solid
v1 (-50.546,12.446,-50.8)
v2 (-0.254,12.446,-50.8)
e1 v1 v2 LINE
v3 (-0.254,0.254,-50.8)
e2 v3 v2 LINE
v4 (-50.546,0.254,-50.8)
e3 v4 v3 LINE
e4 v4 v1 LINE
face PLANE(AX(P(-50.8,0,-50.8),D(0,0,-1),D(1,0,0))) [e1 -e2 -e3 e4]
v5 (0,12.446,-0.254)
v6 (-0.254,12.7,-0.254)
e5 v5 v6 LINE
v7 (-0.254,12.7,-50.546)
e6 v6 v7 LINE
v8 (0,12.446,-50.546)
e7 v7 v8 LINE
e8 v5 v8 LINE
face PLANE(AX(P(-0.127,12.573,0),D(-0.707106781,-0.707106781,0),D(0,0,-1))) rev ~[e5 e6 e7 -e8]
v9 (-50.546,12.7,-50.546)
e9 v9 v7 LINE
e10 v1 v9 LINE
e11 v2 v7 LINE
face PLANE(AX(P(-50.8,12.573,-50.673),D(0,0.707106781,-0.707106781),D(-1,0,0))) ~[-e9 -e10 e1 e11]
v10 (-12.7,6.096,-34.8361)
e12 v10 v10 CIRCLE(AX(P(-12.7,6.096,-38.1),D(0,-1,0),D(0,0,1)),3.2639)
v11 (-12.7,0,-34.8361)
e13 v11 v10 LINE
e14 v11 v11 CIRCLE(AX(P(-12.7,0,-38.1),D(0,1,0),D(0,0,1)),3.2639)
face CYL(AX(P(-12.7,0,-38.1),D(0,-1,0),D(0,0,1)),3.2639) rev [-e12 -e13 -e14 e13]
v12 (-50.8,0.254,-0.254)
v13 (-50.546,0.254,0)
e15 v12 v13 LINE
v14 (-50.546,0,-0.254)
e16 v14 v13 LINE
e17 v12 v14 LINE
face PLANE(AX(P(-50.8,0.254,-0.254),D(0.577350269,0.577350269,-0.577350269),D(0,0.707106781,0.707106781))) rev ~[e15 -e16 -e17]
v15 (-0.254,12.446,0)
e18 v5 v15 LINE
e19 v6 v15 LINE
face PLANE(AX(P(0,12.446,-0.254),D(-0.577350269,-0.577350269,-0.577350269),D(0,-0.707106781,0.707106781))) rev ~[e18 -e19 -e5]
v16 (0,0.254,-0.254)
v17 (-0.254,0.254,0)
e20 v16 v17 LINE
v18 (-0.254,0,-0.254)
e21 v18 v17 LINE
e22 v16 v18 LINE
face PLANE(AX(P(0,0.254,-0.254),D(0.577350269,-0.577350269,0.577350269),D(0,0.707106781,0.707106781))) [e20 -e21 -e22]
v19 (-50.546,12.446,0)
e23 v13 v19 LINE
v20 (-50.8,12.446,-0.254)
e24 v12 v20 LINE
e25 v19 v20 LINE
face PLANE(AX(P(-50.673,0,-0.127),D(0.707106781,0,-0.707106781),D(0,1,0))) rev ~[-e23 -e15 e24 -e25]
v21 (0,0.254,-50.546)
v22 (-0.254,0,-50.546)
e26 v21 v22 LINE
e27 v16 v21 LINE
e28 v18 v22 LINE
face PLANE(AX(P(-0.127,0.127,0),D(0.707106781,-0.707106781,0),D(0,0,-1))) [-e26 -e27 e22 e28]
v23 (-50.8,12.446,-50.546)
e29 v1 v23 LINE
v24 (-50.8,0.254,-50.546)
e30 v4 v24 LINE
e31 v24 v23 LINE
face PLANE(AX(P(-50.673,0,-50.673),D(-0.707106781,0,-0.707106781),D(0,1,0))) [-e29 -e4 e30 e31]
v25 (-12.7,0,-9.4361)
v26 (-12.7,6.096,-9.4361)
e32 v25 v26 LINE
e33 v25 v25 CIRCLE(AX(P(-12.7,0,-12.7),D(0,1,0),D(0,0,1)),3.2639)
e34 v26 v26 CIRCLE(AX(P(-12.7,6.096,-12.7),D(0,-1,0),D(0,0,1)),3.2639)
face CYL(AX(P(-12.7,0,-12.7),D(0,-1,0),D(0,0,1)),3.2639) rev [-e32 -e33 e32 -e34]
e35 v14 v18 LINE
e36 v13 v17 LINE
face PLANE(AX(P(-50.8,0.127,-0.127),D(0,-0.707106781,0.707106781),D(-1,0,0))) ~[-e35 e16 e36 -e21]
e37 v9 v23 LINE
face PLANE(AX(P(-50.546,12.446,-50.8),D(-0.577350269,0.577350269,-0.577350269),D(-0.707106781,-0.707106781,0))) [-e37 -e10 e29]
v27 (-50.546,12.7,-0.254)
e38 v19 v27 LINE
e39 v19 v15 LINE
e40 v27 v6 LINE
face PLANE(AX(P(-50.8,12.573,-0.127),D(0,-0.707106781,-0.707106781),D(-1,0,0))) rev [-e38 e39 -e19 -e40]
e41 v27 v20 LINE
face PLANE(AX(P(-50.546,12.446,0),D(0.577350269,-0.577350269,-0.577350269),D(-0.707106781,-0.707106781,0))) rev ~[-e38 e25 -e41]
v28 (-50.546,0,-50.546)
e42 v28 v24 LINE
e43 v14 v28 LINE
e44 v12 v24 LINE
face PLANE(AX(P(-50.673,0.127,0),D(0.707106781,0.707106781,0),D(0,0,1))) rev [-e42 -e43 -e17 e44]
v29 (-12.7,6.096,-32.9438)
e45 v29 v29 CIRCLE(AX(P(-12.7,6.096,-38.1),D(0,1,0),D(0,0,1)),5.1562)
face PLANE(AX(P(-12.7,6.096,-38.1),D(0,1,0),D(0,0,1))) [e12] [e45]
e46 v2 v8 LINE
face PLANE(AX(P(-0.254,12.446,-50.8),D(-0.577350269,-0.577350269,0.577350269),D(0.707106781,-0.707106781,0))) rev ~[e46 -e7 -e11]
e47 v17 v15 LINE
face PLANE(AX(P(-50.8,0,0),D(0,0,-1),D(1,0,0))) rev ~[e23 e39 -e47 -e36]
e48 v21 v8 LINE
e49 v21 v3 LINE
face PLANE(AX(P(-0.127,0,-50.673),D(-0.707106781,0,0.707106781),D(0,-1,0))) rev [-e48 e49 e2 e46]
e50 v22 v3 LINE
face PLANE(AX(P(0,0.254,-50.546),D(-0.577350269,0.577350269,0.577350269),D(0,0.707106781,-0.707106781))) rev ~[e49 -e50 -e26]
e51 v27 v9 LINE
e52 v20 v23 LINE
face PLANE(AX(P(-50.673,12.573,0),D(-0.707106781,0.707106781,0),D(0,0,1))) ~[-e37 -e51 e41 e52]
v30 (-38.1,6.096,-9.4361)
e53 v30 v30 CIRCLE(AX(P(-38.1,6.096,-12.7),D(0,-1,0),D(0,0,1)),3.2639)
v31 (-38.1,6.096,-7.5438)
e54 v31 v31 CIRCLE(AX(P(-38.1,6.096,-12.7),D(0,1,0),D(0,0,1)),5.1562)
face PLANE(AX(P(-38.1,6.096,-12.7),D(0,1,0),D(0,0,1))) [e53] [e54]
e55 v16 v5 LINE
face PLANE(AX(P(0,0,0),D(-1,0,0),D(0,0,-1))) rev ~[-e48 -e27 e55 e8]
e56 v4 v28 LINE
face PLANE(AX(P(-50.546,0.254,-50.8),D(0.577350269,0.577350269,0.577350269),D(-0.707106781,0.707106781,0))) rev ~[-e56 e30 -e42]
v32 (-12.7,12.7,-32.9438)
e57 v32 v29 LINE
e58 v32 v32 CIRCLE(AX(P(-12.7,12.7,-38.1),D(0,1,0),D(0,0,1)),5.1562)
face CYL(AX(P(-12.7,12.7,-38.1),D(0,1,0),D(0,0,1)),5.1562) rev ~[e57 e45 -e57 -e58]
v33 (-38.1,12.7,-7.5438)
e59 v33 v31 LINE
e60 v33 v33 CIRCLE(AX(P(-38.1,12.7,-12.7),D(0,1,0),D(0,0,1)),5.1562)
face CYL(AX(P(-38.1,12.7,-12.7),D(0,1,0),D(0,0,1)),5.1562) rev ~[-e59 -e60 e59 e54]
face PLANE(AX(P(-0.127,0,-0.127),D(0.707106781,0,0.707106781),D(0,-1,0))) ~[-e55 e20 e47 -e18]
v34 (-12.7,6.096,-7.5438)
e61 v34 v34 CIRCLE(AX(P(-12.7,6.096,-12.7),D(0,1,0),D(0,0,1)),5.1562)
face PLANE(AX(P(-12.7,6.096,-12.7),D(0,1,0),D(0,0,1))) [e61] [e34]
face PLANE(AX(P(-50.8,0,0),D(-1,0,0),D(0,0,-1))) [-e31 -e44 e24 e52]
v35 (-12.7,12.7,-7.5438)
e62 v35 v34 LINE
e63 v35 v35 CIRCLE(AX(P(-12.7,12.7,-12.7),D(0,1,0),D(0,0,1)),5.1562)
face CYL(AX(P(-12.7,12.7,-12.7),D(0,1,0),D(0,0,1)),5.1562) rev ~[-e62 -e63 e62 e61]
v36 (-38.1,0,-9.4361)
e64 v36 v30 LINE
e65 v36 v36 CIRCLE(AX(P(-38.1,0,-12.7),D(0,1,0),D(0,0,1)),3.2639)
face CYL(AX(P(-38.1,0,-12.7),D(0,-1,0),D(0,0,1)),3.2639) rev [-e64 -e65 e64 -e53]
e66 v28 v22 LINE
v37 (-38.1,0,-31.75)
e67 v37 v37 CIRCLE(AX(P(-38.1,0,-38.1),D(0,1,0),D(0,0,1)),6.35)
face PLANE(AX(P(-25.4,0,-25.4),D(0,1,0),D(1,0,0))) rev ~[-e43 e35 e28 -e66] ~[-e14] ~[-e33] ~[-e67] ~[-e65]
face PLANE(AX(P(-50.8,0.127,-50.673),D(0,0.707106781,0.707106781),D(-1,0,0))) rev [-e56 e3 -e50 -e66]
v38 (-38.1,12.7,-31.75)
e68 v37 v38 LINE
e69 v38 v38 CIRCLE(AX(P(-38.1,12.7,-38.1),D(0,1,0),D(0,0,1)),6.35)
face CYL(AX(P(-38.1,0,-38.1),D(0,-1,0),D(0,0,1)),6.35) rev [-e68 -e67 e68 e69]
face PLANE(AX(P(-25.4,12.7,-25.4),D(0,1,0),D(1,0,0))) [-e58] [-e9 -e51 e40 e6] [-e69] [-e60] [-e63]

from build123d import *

# Parameters (mm, degrees)
SKETCH1_W          = 50.8
SKETCH1_H          = 50.8
SKETCH1_R          = 6.35
SKETCH1_R_2        = 3.2639
EXTRUDE1_DEPTH     = 12.7
SKETCH2_R          = 5.1562
CUT_EXTRUDE1_DEPTH = 6.604
CHAMFER1_SIZE      = 0.254


with BuildPart() as part:
    # Sketch1 → Extrude1 (new body)
    with BuildSketch(Plane(origin=(0, 0, 0), x_dir=(1, 0, 0), z_dir=(0, 1, 0))):
        with Locations((-25.4, 25.4)):
            Rectangle(SKETCH1_W, SKETCH1_H)
        with Locations(Location((-38.1, 38.1, 0), (0, 0, 270))):
            Circle(SKETCH1_R, mode=Mode.SUBTRACT)
        with Locations(Location((-12.7, 38.1, 0), (0, 0, 270))):
            Circle(SKETCH1_R_2, mode=Mode.SUBTRACT)
        with Locations(Location((-12.7, 12.7, 0), (0, 0, 270))):
            Circle(SKETCH1_R_2, mode=Mode.SUBTRACT)
        with Locations(Location((-38.1, 12.7, 0), (0, 0, 270))):
            Circle(SKETCH1_R_2, mode=Mode.SUBTRACT)
    extrude(amount=EXTRUDE1_DEPTH)

    # Sketch2 → Cut-Extrude1 (cut)
    with BuildSketch(Plane(origin=(0, 12.7, 0), x_dir=(1, 0, 0), z_dir=(0, 1, 0))):
        with Locations(Location((-12.7, 38.1, 0), (0, 0, 270))):
            Circle(SKETCH2_R)
        with Locations(Location((-12.7, 12.7, 0), (0, 0, 270))):
            Circle(SKETCH2_R)
        with Locations(Location((-38.1, 12.7, 0), (0, 0, 270))):
            Circle(SKETCH2_R)
    extrude(amount=-CUT_EXTRUDE1_DEPTH, mode=Mode.SUBTRACT)

    # Chamfer1
    chamfer1_edges = [part.edges().sort_by_distance(p)[0] for p in [
        (-50.8, 12.7, -25.4),
        (-25.4, 12.7, 0),
        (0, 12.7, -25.4),
        (-25.4, 0, 0),
        (-50.8, 0, -25.4),
        (-25.4, 0, -50.8),
        (0, 0, -25.4),
        (-25.4, 12.7, -50.8),
        (0, 6.35, 0),
        (-50.8, 6.35, 0),
        (-50.8, 6.35, -50.8),
        (0, 6.35, -50.8),
    ]]
    chamfer(chamfer1_edges, length=CHAMFER1_SIZE)


solid = part.part
